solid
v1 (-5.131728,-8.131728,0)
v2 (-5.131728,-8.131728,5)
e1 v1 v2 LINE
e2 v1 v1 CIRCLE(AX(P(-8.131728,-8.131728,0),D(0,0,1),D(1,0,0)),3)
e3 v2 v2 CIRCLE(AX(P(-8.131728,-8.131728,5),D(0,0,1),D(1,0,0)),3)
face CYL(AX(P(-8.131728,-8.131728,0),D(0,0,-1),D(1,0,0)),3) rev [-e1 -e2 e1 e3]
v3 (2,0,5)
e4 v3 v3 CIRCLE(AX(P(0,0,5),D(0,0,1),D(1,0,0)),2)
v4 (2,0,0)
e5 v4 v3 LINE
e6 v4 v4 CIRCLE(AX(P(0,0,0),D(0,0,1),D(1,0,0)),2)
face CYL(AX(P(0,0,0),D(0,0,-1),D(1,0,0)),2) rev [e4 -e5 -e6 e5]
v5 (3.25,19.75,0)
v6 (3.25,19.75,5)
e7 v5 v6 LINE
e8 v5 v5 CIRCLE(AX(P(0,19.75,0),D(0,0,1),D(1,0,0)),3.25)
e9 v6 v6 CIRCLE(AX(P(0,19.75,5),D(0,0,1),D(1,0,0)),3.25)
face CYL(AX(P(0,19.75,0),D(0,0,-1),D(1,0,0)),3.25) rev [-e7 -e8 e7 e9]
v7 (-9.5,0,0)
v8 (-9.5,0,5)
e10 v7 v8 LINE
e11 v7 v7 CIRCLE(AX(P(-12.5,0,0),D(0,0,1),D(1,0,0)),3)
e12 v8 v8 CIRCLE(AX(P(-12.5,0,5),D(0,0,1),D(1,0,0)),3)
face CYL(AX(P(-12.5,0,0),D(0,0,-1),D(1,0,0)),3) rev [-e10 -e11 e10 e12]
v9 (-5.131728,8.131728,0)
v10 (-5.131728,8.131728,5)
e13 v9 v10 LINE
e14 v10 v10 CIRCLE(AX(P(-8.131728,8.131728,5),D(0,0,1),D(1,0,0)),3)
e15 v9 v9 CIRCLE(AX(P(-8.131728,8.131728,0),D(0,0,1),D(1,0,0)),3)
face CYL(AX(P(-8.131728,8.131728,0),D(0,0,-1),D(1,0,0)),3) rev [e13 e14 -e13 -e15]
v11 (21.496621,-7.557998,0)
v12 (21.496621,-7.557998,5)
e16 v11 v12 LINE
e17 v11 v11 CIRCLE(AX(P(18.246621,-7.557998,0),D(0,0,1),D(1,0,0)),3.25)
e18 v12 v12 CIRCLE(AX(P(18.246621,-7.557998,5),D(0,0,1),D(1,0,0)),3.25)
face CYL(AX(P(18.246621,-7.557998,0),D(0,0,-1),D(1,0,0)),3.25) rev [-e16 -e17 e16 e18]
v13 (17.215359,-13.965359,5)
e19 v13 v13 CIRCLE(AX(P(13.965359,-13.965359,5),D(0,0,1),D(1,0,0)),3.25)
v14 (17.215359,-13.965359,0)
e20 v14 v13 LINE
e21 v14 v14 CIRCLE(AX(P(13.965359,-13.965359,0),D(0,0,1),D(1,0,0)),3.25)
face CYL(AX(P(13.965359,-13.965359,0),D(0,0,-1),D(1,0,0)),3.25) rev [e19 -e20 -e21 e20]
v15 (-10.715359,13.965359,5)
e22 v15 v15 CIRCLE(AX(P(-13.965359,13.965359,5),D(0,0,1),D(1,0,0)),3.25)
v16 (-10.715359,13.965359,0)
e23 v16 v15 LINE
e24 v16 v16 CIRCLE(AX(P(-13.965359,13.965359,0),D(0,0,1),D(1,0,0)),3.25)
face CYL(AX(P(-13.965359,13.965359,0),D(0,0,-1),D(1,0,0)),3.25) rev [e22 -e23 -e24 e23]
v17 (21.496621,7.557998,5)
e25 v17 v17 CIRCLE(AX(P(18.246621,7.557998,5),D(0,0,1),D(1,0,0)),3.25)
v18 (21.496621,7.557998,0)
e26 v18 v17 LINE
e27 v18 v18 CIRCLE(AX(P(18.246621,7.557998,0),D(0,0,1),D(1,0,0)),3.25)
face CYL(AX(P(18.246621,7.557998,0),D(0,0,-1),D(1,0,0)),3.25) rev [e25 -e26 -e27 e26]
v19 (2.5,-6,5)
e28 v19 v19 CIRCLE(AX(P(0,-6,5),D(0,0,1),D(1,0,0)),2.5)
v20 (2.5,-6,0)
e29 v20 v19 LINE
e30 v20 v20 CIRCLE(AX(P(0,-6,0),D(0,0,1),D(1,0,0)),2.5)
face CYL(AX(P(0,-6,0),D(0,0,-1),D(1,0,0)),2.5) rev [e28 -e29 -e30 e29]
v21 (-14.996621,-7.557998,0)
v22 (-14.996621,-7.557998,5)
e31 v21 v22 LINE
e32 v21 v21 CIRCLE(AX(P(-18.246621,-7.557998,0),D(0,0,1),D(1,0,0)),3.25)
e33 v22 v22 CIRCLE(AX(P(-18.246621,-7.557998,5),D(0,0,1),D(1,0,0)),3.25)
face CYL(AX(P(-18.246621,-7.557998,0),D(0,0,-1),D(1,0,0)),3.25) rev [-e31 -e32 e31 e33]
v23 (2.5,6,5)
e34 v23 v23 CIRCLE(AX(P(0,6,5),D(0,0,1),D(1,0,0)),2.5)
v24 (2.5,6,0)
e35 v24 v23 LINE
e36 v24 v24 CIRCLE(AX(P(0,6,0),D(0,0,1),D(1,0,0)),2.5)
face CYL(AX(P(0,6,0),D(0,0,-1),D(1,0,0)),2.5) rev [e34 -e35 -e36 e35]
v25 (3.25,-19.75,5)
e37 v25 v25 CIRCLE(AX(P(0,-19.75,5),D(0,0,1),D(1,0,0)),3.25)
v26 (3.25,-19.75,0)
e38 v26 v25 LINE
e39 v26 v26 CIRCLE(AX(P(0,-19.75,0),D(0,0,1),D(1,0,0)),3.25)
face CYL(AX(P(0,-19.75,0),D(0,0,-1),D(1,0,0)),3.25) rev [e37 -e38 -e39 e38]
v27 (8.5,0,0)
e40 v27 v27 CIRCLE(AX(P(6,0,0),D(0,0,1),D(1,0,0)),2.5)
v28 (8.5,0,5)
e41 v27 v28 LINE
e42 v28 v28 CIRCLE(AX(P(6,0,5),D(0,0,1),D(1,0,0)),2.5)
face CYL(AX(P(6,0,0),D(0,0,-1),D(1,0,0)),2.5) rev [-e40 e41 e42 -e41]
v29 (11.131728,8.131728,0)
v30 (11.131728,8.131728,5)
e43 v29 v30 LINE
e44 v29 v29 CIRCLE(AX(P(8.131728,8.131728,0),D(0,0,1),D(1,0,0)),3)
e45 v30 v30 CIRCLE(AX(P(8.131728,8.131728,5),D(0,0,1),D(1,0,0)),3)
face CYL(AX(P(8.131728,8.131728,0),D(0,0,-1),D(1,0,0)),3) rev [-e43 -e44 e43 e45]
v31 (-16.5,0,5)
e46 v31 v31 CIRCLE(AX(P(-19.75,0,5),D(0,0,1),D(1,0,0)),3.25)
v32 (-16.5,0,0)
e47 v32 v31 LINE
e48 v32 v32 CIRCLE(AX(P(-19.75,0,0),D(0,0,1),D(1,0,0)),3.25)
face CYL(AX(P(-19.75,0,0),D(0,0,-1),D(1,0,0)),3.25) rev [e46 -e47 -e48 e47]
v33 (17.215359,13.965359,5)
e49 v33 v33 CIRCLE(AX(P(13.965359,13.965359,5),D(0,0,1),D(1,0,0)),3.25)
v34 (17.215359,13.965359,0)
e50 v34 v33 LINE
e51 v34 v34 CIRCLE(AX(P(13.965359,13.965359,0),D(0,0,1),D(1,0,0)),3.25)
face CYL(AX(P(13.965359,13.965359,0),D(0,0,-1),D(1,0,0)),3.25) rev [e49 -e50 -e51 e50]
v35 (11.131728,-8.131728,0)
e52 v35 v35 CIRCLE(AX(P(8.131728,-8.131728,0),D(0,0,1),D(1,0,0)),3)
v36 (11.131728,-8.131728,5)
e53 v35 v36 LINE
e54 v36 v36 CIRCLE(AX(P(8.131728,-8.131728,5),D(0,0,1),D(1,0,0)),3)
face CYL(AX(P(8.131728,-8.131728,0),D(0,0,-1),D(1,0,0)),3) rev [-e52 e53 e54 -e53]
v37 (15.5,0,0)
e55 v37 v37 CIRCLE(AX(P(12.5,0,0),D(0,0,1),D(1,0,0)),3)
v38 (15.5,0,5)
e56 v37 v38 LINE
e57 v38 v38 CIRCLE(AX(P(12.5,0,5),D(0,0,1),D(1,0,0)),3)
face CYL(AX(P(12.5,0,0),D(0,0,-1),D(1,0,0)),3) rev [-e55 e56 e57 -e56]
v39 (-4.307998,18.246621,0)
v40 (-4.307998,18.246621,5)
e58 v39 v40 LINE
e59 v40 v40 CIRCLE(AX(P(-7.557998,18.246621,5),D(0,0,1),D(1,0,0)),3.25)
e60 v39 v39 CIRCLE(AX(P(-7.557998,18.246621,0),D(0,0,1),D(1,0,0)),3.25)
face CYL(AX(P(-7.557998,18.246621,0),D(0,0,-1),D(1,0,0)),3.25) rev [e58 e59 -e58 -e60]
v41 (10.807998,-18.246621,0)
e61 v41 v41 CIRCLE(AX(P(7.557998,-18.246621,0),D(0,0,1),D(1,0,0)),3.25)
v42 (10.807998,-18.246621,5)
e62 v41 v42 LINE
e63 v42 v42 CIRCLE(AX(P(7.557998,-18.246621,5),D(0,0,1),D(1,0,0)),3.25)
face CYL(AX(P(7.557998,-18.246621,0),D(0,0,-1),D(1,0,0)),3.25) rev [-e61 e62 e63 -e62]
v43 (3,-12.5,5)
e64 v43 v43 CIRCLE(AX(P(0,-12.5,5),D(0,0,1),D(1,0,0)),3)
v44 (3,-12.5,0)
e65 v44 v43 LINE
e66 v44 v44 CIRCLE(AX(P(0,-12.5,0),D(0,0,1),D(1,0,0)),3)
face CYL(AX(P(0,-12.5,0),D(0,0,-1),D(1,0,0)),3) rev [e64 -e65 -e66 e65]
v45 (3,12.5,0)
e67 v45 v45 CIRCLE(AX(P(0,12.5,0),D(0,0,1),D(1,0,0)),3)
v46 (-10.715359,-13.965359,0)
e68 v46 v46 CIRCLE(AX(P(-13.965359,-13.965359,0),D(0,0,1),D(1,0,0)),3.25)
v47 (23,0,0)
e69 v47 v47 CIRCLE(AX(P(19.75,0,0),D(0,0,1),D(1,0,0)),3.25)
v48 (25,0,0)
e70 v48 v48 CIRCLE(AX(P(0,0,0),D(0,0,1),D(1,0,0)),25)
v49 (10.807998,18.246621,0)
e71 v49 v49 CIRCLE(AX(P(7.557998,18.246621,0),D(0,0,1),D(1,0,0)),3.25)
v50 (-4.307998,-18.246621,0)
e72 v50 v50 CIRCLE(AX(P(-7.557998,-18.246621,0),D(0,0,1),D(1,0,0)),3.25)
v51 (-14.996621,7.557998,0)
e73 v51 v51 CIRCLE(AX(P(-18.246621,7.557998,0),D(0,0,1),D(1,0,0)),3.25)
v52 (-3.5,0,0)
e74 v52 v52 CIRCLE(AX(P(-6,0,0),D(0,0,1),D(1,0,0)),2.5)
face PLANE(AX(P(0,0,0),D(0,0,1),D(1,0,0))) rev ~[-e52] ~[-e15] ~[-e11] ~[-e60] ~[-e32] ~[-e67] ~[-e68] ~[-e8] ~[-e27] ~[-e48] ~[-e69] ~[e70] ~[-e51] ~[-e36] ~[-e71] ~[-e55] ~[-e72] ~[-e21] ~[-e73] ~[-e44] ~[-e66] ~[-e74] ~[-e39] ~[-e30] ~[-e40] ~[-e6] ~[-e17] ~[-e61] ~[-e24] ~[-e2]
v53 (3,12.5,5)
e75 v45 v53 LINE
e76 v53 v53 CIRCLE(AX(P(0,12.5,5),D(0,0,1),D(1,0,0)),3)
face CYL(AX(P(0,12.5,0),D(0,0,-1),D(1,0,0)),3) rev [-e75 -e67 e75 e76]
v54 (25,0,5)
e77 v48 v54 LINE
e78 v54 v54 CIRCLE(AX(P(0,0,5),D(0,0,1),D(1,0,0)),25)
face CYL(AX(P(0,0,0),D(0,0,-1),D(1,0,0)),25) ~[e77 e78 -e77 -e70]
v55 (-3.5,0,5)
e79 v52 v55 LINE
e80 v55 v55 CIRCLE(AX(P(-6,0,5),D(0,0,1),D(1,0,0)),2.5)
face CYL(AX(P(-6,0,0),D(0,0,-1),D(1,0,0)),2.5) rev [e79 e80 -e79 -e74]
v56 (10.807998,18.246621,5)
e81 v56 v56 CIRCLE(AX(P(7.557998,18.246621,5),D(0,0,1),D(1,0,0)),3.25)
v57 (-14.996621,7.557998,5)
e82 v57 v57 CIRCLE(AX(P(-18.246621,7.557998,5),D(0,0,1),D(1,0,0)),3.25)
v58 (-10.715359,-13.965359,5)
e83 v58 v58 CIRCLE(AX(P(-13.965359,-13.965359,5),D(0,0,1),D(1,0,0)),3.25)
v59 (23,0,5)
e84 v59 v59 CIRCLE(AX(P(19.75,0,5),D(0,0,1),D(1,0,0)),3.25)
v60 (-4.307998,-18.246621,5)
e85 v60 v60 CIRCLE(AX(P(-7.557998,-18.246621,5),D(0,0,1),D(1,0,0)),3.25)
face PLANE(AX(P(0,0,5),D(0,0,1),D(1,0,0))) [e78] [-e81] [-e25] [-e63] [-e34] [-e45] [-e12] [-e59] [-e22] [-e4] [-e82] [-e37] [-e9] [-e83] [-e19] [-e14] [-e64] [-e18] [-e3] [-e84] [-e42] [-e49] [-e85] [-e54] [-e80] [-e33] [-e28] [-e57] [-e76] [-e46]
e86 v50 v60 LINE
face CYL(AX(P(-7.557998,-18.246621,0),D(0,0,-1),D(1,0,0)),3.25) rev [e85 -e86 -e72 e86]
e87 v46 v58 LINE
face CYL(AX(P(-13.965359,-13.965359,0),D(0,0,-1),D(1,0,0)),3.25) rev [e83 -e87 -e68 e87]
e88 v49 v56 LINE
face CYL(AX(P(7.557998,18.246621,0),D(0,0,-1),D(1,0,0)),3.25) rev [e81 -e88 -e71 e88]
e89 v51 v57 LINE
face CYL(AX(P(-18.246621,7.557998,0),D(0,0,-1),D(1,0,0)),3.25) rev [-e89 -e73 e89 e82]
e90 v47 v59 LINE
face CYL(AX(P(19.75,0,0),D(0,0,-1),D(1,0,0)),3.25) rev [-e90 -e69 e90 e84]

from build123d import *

# Parameters (mm, degrees)
F0_R     = 25
F0_R_2   = 3.25
F0_R_3   = 3
F0_R_4   = 2.5
F0_R_5   = 2
F1_DEPTH = 5


with BuildPart() as f1:
    # F0 (on Top) → F1 (new body)
    with BuildSketch(Plane.XY):
        Circle(F0_R)
        with Locations((-13.965359, -13.965359)):
            Circle(F0_R_2, mode=Mode.SUBTRACT)
        with Locations((-7.557998, -18.246621)):
            Circle(F0_R_2, mode=Mode.SUBTRACT)
        with Locations((-18.246621, -7.557998)):
            Circle(F0_R_2, mode=Mode.SUBTRACT)
        with Locations((-8.131728, -8.131728)):
            Circle(F0_R_3, mode=Mode.SUBTRACT)
        with Locations((0, -19.75)):
            Circle(F0_R_2, mode=Mode.SUBTRACT)
        with Locations((7.557998, -18.246621)):
            Circle(F0_R_2, mode=Mode.SUBTRACT)
        with Locations((13.965359, -13.965359)):
            Circle(F0_R_2, mode=Mode.SUBTRACT)
        with Locations((0, -12.5)):
            Circle(F0_R_3, mode=Mode.SUBTRACT)
        with Locations((8.131728, -8.131728)):
            Circle(F0_R_3, mode=Mode.SUBTRACT)
        with Locations((0, -6)):
            Circle(F0_R_4, mode=Mode.SUBTRACT)
        with Locations((18.246621, -7.557998)):
            Circle(F0_R_2, mode=Mode.SUBTRACT)
        with Locations((-19.75, 0)):
            Circle(F0_R_2, mode=Mode.SUBTRACT)
        with Locations((-18.246621, 7.557998)):
            Circle(F0_R_2, mode=Mode.SUBTRACT)
        with Locations((-12.5, 0)):
            Circle(F0_R_3, mode=Mode.SUBTRACT)
        with Locations((-6, 0)):
            Circle(F0_R_4, mode=Mode.SUBTRACT)
        with Locations((-8.131728, 8.131728)):
            Circle(F0_R_3, mode=Mode.SUBTRACT)
        with Locations((-13.965359, 13.965359)):
            Circle(F0_R_2, mode=Mode.SUBTRACT)
        with Locations((-7.557998, 18.246621)):
            Circle(F0_R_2, mode=Mode.SUBTRACT)
        Circle(F0_R_5, mode=Mode.SUBTRACT)
        with Locations((6, 0)):
            Circle(F0_R_4, mode=Mode.SUBTRACT)
        with Locations((0, 6)):
            Circle(F0_R_4, mode=Mode.SUBTRACT)
        with Locations((8.131728, 8.131728)):
            Circle(F0_R_3, mode=Mode.SUBTRACT)
        with Locations((12.5, 0)):
            Circle(F0_R_3, mode=Mode.SUBTRACT)
        with Locations((19.75, 0)):
            Circle(F0_R_2, mode=Mode.SUBTRACT)
        with Locations((18.246621, 7.557998)):
            Circle(F0_R_2, mode=Mode.SUBTRACT)
        with Locations((0, 12.5)):
            Circle(F0_R_3, mode=Mode.SUBTRACT)
        with Locations((7.557998, 18.246621)):
            Circle(F0_R_2, mode=Mode.SUBTRACT)
        with Locations((0, 19.75)):
            Circle(F0_R_2, mode=Mode.SUBTRACT)
        with Locations((13.965359, 13.965359)):
            Circle(F0_R_2, mode=Mode.SUBTRACT)
    extrude(amount=F1_DEPTH)


solid = f1.part
